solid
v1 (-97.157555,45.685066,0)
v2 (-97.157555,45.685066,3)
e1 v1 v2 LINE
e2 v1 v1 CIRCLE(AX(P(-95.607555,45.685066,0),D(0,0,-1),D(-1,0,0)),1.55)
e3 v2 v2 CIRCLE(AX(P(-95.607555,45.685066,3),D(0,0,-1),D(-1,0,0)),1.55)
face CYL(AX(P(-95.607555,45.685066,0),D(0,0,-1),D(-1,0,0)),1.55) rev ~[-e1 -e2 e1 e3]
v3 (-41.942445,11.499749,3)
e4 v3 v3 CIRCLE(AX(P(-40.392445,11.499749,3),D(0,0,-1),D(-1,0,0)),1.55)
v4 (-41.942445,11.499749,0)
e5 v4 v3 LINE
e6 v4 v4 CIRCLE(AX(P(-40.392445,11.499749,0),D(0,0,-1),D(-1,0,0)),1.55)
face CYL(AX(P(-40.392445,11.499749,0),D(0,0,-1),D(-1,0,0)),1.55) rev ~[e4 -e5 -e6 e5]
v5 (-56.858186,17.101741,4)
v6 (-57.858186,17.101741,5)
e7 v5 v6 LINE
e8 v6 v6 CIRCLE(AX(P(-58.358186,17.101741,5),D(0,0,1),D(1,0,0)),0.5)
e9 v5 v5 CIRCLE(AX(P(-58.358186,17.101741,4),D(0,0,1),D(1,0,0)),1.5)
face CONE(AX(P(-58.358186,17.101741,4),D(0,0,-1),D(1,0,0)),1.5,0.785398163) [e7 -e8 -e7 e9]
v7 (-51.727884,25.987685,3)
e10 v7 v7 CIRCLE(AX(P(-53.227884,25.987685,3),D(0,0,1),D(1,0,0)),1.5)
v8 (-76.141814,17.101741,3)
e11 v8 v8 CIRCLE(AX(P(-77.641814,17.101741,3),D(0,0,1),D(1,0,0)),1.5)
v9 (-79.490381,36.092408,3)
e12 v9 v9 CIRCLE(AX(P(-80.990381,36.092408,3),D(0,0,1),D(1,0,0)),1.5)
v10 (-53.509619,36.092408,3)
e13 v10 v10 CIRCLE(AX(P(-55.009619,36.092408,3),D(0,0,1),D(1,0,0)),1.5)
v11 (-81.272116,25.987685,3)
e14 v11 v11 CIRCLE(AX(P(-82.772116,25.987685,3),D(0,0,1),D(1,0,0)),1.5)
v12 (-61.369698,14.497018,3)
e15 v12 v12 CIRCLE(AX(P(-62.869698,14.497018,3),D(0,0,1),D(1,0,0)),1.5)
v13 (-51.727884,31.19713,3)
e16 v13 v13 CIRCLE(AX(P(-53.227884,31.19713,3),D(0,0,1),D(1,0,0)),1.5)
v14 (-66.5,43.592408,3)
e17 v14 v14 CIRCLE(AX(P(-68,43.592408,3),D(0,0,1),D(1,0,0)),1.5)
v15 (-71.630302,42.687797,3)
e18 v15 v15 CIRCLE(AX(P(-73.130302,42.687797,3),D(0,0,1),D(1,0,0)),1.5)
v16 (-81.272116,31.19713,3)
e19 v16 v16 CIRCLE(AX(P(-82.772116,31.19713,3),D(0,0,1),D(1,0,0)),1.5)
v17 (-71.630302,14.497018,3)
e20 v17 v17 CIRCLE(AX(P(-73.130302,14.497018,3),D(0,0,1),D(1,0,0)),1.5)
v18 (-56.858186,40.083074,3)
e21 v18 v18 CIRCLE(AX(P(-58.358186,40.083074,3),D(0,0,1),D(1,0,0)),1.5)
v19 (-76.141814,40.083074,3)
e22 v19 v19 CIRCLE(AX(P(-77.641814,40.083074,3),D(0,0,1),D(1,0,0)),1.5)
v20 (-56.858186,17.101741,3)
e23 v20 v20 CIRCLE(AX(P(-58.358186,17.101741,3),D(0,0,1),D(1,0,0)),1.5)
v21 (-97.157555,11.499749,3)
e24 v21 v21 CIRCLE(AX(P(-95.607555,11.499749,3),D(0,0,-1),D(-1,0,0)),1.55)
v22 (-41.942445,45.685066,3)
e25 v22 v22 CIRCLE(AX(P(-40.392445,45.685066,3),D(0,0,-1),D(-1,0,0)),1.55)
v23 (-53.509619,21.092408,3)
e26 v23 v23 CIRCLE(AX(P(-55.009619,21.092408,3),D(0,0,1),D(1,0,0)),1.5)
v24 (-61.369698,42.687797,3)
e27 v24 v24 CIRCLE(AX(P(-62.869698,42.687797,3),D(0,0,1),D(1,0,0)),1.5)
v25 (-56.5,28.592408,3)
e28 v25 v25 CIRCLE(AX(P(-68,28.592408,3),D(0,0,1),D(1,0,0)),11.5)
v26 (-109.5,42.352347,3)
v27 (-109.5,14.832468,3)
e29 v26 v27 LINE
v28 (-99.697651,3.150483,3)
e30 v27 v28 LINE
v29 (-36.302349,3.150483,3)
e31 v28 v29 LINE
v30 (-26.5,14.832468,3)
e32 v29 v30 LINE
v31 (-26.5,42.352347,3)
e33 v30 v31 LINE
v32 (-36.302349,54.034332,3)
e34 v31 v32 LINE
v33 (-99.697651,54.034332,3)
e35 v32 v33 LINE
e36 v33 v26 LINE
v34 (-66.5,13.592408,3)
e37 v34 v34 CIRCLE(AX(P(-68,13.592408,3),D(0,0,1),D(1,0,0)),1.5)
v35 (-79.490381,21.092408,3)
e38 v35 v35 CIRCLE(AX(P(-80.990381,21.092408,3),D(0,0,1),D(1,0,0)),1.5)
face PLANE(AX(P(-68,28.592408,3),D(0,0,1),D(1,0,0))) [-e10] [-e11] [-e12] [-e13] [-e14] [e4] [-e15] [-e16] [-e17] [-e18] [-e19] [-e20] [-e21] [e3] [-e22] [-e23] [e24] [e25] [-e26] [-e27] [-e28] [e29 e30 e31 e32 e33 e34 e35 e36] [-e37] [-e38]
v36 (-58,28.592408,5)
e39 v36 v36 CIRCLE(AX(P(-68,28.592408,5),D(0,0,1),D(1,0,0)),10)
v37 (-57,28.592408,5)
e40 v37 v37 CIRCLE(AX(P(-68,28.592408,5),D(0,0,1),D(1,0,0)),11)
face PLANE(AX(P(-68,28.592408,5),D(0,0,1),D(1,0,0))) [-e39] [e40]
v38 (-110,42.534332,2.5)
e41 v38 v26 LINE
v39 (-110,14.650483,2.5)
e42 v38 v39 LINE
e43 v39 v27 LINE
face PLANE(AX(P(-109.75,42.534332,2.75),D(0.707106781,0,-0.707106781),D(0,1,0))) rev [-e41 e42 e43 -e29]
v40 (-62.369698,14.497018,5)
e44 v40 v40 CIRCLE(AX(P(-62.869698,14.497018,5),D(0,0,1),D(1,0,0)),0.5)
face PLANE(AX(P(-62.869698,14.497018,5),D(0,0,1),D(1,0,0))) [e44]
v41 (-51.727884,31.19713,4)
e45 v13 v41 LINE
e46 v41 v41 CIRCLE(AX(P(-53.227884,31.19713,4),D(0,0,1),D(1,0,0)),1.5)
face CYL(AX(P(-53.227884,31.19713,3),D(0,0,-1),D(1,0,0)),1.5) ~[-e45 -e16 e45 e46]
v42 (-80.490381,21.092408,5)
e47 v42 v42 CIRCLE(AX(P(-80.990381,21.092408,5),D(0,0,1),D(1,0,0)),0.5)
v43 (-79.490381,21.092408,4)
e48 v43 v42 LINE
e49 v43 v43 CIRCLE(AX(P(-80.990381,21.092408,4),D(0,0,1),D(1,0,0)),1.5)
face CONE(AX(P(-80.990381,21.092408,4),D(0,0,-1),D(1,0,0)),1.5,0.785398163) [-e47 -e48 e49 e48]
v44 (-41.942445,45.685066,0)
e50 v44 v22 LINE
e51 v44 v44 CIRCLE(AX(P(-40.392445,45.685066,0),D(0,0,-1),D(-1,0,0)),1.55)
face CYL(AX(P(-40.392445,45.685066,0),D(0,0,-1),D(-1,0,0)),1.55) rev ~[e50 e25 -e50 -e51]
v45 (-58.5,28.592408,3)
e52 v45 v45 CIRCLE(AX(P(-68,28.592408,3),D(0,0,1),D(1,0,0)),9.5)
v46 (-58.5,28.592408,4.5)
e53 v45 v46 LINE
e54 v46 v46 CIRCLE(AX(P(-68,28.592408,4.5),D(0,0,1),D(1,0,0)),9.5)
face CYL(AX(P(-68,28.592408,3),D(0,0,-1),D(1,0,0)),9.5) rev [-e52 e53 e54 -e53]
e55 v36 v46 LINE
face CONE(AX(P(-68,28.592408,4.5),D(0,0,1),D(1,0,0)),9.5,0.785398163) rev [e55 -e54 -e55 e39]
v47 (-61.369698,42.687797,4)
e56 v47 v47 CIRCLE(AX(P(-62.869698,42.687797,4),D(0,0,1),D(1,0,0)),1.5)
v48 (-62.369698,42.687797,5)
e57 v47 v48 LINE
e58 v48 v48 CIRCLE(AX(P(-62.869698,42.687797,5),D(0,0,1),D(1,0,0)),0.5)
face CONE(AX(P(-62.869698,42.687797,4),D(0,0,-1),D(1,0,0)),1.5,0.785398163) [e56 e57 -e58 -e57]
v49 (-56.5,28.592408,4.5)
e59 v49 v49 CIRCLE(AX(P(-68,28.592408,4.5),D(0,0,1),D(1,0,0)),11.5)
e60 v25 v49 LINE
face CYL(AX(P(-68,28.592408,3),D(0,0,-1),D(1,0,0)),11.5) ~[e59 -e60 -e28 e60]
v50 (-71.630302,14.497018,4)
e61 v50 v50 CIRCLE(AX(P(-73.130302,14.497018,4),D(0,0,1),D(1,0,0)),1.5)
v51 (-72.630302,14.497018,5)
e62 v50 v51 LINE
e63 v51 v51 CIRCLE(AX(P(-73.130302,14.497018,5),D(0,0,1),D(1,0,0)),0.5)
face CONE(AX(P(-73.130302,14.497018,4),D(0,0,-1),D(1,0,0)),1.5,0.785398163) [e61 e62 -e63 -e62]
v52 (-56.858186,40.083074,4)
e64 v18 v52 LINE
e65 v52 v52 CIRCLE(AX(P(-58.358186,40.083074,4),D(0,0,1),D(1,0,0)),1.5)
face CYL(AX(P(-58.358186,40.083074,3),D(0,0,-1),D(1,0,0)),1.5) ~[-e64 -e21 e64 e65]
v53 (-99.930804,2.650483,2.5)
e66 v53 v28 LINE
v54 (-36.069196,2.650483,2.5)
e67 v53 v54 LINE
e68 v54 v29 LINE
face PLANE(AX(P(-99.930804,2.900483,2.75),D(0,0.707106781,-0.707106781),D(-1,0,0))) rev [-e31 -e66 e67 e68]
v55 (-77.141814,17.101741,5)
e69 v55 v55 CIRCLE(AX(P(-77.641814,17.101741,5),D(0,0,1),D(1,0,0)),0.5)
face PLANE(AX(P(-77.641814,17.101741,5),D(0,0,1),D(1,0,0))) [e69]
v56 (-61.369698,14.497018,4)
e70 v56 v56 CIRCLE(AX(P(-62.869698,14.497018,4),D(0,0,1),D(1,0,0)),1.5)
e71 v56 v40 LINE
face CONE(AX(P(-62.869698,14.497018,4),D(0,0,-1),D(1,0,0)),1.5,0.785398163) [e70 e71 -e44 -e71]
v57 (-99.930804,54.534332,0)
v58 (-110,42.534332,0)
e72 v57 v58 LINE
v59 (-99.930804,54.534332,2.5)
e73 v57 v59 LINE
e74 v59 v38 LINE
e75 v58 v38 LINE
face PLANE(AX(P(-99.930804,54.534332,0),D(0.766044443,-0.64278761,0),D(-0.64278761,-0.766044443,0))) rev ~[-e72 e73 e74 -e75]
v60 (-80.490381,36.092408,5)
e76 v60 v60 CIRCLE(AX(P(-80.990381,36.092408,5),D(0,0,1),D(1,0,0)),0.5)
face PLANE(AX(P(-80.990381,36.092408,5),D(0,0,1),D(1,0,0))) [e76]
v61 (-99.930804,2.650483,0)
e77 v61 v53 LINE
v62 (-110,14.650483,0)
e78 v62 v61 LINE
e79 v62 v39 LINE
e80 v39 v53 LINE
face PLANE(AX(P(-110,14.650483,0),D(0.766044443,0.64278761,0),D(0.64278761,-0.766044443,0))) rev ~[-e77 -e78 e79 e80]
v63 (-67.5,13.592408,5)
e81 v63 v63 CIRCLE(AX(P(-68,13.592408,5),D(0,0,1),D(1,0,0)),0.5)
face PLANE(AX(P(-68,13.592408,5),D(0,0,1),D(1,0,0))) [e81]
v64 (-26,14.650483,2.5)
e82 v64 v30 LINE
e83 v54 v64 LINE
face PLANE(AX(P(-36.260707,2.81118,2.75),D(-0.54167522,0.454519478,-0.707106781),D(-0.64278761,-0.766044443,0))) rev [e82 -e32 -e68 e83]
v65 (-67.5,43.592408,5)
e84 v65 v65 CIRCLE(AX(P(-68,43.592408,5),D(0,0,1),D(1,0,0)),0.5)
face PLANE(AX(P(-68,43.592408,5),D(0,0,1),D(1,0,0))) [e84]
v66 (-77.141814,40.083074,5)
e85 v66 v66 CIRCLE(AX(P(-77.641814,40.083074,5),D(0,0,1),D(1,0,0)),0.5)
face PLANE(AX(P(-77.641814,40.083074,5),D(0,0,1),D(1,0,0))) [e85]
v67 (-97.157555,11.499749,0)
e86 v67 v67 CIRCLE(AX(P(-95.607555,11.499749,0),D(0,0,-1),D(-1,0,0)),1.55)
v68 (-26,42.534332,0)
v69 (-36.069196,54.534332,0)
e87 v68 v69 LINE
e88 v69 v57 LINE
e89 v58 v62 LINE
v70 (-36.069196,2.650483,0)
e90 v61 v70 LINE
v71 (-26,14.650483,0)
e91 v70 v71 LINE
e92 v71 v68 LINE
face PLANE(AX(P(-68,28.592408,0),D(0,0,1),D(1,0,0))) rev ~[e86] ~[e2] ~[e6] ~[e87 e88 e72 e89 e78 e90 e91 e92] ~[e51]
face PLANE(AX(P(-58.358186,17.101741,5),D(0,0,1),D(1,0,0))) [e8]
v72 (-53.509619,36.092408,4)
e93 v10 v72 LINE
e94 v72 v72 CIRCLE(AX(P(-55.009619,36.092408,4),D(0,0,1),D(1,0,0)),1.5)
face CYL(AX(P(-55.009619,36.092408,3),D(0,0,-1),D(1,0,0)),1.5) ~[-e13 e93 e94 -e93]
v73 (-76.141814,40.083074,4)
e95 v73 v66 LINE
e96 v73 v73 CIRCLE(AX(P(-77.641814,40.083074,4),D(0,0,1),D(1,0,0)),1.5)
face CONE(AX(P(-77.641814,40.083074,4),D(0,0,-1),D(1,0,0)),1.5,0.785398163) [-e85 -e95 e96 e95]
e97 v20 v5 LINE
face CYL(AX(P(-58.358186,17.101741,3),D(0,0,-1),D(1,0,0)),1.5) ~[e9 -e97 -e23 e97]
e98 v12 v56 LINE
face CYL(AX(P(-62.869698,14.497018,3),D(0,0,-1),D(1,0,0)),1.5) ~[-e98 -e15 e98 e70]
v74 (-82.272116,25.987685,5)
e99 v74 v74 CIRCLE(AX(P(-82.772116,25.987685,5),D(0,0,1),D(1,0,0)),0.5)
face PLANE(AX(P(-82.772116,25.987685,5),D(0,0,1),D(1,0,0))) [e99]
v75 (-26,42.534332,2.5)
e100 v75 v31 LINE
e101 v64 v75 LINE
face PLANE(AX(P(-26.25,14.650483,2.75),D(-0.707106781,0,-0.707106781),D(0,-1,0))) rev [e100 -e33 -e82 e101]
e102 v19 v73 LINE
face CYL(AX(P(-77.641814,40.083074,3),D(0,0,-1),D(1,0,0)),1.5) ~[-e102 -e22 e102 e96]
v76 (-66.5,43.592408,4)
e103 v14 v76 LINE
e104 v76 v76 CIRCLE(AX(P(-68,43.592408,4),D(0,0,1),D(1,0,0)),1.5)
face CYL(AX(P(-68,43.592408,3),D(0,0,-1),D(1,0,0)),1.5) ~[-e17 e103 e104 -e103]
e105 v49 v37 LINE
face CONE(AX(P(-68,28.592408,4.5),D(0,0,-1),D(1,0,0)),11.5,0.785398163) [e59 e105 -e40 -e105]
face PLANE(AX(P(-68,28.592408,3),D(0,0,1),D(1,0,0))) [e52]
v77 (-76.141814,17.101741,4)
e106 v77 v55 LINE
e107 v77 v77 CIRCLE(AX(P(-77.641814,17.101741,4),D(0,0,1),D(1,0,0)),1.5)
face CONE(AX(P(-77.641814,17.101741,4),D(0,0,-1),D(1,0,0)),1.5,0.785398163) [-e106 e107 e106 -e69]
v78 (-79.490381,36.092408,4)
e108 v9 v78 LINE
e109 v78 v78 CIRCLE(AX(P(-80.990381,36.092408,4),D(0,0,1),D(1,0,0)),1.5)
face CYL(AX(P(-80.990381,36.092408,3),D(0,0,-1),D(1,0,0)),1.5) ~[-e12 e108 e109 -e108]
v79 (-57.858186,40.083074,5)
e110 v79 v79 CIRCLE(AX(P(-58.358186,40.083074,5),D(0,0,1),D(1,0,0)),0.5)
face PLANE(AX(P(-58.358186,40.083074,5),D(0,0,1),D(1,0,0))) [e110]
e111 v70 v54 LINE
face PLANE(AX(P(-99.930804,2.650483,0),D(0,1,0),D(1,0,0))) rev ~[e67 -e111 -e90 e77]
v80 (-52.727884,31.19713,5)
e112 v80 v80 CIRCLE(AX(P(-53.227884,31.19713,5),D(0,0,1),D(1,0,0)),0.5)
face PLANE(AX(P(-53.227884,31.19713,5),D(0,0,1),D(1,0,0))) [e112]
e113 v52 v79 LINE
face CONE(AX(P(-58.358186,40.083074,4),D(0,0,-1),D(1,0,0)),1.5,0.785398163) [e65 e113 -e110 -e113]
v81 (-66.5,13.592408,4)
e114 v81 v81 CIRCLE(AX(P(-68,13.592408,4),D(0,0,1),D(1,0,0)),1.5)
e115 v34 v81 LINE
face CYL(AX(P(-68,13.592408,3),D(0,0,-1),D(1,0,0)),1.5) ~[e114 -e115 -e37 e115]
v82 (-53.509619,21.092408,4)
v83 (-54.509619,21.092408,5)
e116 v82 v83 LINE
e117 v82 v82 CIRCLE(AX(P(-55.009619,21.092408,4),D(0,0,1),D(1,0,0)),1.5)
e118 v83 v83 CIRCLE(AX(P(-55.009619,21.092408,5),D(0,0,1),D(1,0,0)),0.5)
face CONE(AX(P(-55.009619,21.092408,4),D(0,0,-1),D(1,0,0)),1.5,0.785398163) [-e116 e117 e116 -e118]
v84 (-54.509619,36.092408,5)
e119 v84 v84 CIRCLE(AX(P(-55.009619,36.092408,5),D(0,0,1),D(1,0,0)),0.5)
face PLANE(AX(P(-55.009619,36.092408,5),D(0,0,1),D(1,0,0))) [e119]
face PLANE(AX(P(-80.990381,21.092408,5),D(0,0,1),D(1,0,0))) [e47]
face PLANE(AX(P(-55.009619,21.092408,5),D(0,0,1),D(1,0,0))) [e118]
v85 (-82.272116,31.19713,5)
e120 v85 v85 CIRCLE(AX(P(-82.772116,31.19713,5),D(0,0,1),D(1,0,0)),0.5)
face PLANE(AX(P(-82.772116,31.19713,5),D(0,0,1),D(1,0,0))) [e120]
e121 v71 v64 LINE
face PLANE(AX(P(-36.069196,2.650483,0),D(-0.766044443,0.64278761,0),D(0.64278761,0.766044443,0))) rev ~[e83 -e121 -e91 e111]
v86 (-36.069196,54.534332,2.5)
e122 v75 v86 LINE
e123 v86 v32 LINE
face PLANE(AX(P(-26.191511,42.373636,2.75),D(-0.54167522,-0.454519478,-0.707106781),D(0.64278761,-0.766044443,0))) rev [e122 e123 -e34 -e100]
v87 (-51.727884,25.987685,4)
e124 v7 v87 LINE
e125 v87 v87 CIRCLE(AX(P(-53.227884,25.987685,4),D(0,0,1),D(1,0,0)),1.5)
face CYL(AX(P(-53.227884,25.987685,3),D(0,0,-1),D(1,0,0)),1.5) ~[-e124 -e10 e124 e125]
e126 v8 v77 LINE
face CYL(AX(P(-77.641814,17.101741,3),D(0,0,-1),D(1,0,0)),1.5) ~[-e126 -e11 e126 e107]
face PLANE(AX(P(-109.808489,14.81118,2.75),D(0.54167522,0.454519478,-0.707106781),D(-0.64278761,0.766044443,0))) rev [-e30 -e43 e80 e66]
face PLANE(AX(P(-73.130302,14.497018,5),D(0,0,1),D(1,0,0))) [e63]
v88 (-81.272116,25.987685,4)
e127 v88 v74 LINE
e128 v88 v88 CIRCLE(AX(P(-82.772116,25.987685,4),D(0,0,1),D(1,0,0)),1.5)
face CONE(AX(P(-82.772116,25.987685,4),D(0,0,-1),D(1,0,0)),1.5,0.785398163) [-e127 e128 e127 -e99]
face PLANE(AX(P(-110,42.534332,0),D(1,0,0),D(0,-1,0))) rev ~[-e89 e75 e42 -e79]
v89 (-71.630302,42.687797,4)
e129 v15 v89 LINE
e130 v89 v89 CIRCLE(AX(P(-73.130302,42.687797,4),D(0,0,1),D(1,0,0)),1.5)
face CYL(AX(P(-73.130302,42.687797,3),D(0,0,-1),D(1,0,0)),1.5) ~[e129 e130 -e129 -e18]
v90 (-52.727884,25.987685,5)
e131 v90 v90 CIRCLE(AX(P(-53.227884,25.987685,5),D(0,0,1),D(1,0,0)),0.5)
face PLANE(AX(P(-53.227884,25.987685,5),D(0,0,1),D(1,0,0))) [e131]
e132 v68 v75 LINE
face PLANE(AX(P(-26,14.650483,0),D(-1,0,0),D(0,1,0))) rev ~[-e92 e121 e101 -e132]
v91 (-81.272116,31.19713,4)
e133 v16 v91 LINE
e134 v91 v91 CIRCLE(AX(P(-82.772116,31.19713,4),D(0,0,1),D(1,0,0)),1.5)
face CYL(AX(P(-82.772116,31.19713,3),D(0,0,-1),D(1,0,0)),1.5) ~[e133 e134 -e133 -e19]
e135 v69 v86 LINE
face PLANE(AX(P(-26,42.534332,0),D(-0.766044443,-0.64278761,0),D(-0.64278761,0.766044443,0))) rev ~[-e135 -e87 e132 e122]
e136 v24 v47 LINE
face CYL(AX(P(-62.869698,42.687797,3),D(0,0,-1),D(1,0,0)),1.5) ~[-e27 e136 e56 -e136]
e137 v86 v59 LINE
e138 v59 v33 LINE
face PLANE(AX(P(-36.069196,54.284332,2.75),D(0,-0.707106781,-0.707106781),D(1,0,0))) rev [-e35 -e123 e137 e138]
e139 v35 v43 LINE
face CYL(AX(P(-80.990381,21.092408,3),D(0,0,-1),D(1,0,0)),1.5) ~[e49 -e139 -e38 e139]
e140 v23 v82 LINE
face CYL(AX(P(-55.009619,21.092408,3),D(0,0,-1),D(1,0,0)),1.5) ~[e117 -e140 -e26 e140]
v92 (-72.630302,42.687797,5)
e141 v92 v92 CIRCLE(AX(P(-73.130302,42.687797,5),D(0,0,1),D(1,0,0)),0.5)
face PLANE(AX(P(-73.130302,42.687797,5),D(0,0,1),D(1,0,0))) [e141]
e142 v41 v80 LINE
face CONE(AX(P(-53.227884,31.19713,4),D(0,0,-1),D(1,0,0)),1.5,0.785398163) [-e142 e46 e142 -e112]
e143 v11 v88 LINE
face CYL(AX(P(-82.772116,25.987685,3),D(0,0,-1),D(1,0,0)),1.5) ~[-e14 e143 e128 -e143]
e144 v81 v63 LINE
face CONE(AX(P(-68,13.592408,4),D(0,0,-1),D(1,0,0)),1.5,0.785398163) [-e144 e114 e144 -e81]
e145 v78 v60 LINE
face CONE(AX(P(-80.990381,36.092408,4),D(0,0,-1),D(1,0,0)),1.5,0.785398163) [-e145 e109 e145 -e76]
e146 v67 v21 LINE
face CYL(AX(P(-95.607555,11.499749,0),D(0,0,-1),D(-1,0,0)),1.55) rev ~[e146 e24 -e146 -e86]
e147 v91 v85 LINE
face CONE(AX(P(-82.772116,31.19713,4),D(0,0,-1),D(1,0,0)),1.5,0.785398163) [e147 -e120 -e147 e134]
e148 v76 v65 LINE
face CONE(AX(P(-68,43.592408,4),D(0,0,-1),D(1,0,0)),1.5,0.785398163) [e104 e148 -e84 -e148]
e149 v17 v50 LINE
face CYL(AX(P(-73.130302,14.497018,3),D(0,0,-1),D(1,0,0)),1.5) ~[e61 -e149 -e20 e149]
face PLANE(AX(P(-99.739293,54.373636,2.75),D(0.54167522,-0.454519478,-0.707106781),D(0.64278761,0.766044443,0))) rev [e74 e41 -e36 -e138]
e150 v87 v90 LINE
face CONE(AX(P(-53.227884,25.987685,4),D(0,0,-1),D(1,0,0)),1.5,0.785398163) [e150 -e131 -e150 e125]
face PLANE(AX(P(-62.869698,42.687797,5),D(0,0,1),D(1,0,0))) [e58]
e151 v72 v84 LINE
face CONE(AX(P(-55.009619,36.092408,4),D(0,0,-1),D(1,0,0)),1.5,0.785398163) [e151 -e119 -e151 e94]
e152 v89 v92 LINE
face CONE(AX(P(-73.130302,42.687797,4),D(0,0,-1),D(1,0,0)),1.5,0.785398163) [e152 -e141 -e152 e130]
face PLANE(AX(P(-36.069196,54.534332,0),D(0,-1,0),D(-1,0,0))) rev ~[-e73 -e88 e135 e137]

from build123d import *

# Parameters (mm, degrees)
SKETCH1_R           = 9.5
BOSS_EXTRUDE1_DEPTH = 3
CHAMFER1_SIZE       = 0.5
CUT_EXTRUDE1_REACH  = 124.813
SKETCH2_R           = 1.55
SKETCH3_R           = 1.5
BOSS_EXTRUDE2_DEPTH = 2
CHAMFER2_SIZE       = 1
SKETCH4_R           = 11.5
SKETCH4_R_2         = 9.5
BOSS_EXTRUDE3_DEPTH = 2
CHAMFER3_SIZE       = 0.5


with BuildPart() as part:
    # Sketch1 → Boss-Extrude1 (new body)
    with BuildSketch(Plane.XY):
        Polygon((-110, 14.650482688), (-99.930804426, 2.650482688), (-36.069195574, 2.650482688), (-26, 14.650482688), (-26, 42.534332436), (-36.069195574, 54.534332436), (-99.930804426, 54.534332436), (-110, 42.534332436), align=None)
        with Locations((-68, 28.592407562)):
            Circle(SKETCH1_R, mode=Mode.SUBTRACT)
        with Locations((-68, 28.592407562)):
            Circle(SKETCH1_R)
    extrude(amount=BOSS_EXTRUDE1_DEPTH)

    # Chamfer1
    chamfer1_edges = [part.edges().sort_by_distance(p)[0] for p in [
        (-31.034597787, 8.650482688, 3),
        (-26, 28.592407562, 3),
        (-31.034597787, 48.534332436, 3),
        (-68, 54.534332436, 3),
        (-104.965402213, 48.534332436, 3),
        (-110, 28.592407562, 3),
        (-104.965402213, 8.650482688, 3),
        (-68, 2.650482688, 3),
    ]]
    chamfer(chamfer1_edges, length=CHAMFER1_SIZE)

    # Sketch2 → Cut-Extrude1 (cut, up to next)
    with BuildSketch(Plane(origin=(0, 0, 0), x_dir=(-1, 0, 0), z_dir=(0, 0, -1)), mode=Mode.PRIVATE) as cut_extrude1_sk1:
        with Locations((40.392445123, 45.685066176)):
            Circle(SKETCH2_R)
    cut_extrude1_tool1 = extrude(cut_extrude1_sk1.sketch, amount=-CUT_EXTRUDE1_REACH, mode=Mode.PRIVATE) & part.part
    # Sketch2 → Cut-Extrude1 (cut, up to next)
    with BuildSketch(Plane(origin=(0, 0, 0), x_dir=(-1, 0, 0), z_dir=(0, 0, -1)), mode=Mode.PRIVATE) as cut_extrude1_sk2:
        with Locations((95.607554877, 45.685066176)):
            Circle(SKETCH2_R)
    cut_extrude1_tool2 = extrude(cut_extrude1_sk2.sketch, amount=-CUT_EXTRUDE1_REACH, mode=Mode.PRIVATE) & part.part
    # Sketch2 → Cut-Extrude1 (cut, up to next)
    with BuildSketch(Plane(origin=(0, 0, 0), x_dir=(-1, 0, 0), z_dir=(0, 0, -1)), mode=Mode.PRIVATE) as cut_extrude1_sk3:
        with Locations((95.607554877, 11.499748948)):
            Circle(SKETCH2_R)
    cut_extrude1_tool3 = extrude(cut_extrude1_sk3.sketch, amount=-CUT_EXTRUDE1_REACH, mode=Mode.PRIVATE) & part.part
    # Sketch2 → Cut-Extrude1 (cut, up to next)
    with BuildSketch(Plane(origin=(0, 0, 0), x_dir=(-1, 0, 0), z_dir=(0, 0, -1)), mode=Mode.PRIVATE) as cut_extrude1_sk4:
        with Locations((40.392445123, 11.499748948)):
            Circle(SKETCH2_R)
    cut_extrude1_tool4 = extrude(cut_extrude1_sk4.sketch, amount=-CUT_EXTRUDE1_REACH, mode=Mode.PRIVATE) & part.part
    add(cut_extrude1_tool1.solids().sort_by_distance((-40.392445, 45.685066, 0))[0], mode=Mode.SUBTRACT)
    add(cut_extrude1_tool2.solids().sort_by_distance((-95.607555, 45.685066, 0))[0], mode=Mode.SUBTRACT)
    add(cut_extrude1_tool3.solids().sort_by_distance((-95.607555, 11.499749, 0))[0], mode=Mode.SUBTRACT)
    add(cut_extrude1_tool4.solids().sort_by_distance((-40.392445, 11.499749, 0))[0], mode=Mode.SUBTRACT)

    # Sketch3 → Boss-Extrude2 (add)
    with BuildSketch(Plane.XY.offset(3)):
        with Locations((-68, 43.592407562)):
            Circle(SKETCH3_R)
        with Locations((-62.86969785, 42.687796874)):
            Circle(SKETCH3_R)
        with Locations((-58.358185855, 40.083074209)):
            Circle(SKETCH3_R)
        with Locations((-55.009618943, 36.092407562)):
            Circle(SKETCH3_R)
        with Locations((-53.227883705, 31.197130227)):
            Circle(SKETCH3_R)
        with Locations((-53.227883705, 25.987684897)):
            Circle(SKETCH3_R)
        with Locations((-55.009618943, 21.092407562)):
            Circle(SKETCH3_R)
        with Locations((-58.358185855, 17.101740915)):
            Circle(SKETCH3_R)
        with Locations((-62.86969785, 14.49701825)):
            Circle(SKETCH3_R)
        with Locations((-68, 13.592407562)):
            Circle(SKETCH3_R)
        with Locations((-73.13030215, 14.49701825)):
            Circle(SKETCH3_R)
        with Locations((-77.641814145, 17.101740915)):
            Circle(SKETCH3_R)
        with Locations((-80.990381057, 21.092407562)):
            Circle(SKETCH3_R)
        with Locations((-82.772116295, 25.987684897)):
            Circle(SKETCH3_R)
        with Locations((-82.772116295, 31.197130227)):
            Circle(SKETCH3_R)
        with Locations((-80.990381057, 36.092407562)):
            Circle(SKETCH3_R)
        with Locations((-77.641814145, 40.083074209)):
            Circle(SKETCH3_R)
        with Locations((-73.13030215, 42.687796874)):
            Circle(SKETCH3_R)
    extrude(amount=BOSS_EXTRUDE2_DEPTH)

    # Chamfer2
    chamfer2_edges = [part.edges().sort_by_distance(p)[0] for p in [
        (-79.141814145, 17.101740915, 5),
        (-82.490381057, 21.092407562, 5),
        (-84.272116295, 25.987684897, 5),
        (-84.272116295, 31.197130227, 5),
        (-82.490381057, 36.092407562, 5),
        (-79.141814145, 40.083074209, 5),
        (-74.63030215, 14.49701825, 5),
        (-74.63030215, 42.687796874, 5),
        (-69.5, 43.592407562, 5),
        (-64.36969785, 42.687796874, 5),
        (-59.858185855, 40.083074209, 5),
        (-56.509618943, 36.092407562, 5),
        (-54.727883705, 31.197130227, 5),
        (-54.727883705, 25.987684897, 5),
        (-56.509618943, 21.092407562, 5),
        (-59.858185855, 17.101740915, 5),
        (-64.36969785, 14.49701825, 5),
        (-69.5, 13.592407562, 5),
    ]]
    chamfer(chamfer2_edges, length=CHAMFER2_SIZE)

    # Sketch4 → Boss-Extrude3 (add)
    with BuildSketch(Plane.XY.offset(3)):
        with Locations((-68, 28.592407562)):
            Circle(SKETCH4_R)
        with Locations((-68, 28.592407562)):
            Circle(SKETCH4_R_2, mode=Mode.SUBTRACT)
    extrude(amount=BOSS_EXTRUDE3_DEPTH)

    # Chamfer3
    chamfer3_edges = [part.edges().sort_by_distance(p)[0] for p in [
        (-77.5, 28.592407562, 5),
        (-79.5, 28.592407562, 5),
    ]]
    chamfer(chamfer3_edges, length=CHAMFER3_SIZE)


solid = part.part
